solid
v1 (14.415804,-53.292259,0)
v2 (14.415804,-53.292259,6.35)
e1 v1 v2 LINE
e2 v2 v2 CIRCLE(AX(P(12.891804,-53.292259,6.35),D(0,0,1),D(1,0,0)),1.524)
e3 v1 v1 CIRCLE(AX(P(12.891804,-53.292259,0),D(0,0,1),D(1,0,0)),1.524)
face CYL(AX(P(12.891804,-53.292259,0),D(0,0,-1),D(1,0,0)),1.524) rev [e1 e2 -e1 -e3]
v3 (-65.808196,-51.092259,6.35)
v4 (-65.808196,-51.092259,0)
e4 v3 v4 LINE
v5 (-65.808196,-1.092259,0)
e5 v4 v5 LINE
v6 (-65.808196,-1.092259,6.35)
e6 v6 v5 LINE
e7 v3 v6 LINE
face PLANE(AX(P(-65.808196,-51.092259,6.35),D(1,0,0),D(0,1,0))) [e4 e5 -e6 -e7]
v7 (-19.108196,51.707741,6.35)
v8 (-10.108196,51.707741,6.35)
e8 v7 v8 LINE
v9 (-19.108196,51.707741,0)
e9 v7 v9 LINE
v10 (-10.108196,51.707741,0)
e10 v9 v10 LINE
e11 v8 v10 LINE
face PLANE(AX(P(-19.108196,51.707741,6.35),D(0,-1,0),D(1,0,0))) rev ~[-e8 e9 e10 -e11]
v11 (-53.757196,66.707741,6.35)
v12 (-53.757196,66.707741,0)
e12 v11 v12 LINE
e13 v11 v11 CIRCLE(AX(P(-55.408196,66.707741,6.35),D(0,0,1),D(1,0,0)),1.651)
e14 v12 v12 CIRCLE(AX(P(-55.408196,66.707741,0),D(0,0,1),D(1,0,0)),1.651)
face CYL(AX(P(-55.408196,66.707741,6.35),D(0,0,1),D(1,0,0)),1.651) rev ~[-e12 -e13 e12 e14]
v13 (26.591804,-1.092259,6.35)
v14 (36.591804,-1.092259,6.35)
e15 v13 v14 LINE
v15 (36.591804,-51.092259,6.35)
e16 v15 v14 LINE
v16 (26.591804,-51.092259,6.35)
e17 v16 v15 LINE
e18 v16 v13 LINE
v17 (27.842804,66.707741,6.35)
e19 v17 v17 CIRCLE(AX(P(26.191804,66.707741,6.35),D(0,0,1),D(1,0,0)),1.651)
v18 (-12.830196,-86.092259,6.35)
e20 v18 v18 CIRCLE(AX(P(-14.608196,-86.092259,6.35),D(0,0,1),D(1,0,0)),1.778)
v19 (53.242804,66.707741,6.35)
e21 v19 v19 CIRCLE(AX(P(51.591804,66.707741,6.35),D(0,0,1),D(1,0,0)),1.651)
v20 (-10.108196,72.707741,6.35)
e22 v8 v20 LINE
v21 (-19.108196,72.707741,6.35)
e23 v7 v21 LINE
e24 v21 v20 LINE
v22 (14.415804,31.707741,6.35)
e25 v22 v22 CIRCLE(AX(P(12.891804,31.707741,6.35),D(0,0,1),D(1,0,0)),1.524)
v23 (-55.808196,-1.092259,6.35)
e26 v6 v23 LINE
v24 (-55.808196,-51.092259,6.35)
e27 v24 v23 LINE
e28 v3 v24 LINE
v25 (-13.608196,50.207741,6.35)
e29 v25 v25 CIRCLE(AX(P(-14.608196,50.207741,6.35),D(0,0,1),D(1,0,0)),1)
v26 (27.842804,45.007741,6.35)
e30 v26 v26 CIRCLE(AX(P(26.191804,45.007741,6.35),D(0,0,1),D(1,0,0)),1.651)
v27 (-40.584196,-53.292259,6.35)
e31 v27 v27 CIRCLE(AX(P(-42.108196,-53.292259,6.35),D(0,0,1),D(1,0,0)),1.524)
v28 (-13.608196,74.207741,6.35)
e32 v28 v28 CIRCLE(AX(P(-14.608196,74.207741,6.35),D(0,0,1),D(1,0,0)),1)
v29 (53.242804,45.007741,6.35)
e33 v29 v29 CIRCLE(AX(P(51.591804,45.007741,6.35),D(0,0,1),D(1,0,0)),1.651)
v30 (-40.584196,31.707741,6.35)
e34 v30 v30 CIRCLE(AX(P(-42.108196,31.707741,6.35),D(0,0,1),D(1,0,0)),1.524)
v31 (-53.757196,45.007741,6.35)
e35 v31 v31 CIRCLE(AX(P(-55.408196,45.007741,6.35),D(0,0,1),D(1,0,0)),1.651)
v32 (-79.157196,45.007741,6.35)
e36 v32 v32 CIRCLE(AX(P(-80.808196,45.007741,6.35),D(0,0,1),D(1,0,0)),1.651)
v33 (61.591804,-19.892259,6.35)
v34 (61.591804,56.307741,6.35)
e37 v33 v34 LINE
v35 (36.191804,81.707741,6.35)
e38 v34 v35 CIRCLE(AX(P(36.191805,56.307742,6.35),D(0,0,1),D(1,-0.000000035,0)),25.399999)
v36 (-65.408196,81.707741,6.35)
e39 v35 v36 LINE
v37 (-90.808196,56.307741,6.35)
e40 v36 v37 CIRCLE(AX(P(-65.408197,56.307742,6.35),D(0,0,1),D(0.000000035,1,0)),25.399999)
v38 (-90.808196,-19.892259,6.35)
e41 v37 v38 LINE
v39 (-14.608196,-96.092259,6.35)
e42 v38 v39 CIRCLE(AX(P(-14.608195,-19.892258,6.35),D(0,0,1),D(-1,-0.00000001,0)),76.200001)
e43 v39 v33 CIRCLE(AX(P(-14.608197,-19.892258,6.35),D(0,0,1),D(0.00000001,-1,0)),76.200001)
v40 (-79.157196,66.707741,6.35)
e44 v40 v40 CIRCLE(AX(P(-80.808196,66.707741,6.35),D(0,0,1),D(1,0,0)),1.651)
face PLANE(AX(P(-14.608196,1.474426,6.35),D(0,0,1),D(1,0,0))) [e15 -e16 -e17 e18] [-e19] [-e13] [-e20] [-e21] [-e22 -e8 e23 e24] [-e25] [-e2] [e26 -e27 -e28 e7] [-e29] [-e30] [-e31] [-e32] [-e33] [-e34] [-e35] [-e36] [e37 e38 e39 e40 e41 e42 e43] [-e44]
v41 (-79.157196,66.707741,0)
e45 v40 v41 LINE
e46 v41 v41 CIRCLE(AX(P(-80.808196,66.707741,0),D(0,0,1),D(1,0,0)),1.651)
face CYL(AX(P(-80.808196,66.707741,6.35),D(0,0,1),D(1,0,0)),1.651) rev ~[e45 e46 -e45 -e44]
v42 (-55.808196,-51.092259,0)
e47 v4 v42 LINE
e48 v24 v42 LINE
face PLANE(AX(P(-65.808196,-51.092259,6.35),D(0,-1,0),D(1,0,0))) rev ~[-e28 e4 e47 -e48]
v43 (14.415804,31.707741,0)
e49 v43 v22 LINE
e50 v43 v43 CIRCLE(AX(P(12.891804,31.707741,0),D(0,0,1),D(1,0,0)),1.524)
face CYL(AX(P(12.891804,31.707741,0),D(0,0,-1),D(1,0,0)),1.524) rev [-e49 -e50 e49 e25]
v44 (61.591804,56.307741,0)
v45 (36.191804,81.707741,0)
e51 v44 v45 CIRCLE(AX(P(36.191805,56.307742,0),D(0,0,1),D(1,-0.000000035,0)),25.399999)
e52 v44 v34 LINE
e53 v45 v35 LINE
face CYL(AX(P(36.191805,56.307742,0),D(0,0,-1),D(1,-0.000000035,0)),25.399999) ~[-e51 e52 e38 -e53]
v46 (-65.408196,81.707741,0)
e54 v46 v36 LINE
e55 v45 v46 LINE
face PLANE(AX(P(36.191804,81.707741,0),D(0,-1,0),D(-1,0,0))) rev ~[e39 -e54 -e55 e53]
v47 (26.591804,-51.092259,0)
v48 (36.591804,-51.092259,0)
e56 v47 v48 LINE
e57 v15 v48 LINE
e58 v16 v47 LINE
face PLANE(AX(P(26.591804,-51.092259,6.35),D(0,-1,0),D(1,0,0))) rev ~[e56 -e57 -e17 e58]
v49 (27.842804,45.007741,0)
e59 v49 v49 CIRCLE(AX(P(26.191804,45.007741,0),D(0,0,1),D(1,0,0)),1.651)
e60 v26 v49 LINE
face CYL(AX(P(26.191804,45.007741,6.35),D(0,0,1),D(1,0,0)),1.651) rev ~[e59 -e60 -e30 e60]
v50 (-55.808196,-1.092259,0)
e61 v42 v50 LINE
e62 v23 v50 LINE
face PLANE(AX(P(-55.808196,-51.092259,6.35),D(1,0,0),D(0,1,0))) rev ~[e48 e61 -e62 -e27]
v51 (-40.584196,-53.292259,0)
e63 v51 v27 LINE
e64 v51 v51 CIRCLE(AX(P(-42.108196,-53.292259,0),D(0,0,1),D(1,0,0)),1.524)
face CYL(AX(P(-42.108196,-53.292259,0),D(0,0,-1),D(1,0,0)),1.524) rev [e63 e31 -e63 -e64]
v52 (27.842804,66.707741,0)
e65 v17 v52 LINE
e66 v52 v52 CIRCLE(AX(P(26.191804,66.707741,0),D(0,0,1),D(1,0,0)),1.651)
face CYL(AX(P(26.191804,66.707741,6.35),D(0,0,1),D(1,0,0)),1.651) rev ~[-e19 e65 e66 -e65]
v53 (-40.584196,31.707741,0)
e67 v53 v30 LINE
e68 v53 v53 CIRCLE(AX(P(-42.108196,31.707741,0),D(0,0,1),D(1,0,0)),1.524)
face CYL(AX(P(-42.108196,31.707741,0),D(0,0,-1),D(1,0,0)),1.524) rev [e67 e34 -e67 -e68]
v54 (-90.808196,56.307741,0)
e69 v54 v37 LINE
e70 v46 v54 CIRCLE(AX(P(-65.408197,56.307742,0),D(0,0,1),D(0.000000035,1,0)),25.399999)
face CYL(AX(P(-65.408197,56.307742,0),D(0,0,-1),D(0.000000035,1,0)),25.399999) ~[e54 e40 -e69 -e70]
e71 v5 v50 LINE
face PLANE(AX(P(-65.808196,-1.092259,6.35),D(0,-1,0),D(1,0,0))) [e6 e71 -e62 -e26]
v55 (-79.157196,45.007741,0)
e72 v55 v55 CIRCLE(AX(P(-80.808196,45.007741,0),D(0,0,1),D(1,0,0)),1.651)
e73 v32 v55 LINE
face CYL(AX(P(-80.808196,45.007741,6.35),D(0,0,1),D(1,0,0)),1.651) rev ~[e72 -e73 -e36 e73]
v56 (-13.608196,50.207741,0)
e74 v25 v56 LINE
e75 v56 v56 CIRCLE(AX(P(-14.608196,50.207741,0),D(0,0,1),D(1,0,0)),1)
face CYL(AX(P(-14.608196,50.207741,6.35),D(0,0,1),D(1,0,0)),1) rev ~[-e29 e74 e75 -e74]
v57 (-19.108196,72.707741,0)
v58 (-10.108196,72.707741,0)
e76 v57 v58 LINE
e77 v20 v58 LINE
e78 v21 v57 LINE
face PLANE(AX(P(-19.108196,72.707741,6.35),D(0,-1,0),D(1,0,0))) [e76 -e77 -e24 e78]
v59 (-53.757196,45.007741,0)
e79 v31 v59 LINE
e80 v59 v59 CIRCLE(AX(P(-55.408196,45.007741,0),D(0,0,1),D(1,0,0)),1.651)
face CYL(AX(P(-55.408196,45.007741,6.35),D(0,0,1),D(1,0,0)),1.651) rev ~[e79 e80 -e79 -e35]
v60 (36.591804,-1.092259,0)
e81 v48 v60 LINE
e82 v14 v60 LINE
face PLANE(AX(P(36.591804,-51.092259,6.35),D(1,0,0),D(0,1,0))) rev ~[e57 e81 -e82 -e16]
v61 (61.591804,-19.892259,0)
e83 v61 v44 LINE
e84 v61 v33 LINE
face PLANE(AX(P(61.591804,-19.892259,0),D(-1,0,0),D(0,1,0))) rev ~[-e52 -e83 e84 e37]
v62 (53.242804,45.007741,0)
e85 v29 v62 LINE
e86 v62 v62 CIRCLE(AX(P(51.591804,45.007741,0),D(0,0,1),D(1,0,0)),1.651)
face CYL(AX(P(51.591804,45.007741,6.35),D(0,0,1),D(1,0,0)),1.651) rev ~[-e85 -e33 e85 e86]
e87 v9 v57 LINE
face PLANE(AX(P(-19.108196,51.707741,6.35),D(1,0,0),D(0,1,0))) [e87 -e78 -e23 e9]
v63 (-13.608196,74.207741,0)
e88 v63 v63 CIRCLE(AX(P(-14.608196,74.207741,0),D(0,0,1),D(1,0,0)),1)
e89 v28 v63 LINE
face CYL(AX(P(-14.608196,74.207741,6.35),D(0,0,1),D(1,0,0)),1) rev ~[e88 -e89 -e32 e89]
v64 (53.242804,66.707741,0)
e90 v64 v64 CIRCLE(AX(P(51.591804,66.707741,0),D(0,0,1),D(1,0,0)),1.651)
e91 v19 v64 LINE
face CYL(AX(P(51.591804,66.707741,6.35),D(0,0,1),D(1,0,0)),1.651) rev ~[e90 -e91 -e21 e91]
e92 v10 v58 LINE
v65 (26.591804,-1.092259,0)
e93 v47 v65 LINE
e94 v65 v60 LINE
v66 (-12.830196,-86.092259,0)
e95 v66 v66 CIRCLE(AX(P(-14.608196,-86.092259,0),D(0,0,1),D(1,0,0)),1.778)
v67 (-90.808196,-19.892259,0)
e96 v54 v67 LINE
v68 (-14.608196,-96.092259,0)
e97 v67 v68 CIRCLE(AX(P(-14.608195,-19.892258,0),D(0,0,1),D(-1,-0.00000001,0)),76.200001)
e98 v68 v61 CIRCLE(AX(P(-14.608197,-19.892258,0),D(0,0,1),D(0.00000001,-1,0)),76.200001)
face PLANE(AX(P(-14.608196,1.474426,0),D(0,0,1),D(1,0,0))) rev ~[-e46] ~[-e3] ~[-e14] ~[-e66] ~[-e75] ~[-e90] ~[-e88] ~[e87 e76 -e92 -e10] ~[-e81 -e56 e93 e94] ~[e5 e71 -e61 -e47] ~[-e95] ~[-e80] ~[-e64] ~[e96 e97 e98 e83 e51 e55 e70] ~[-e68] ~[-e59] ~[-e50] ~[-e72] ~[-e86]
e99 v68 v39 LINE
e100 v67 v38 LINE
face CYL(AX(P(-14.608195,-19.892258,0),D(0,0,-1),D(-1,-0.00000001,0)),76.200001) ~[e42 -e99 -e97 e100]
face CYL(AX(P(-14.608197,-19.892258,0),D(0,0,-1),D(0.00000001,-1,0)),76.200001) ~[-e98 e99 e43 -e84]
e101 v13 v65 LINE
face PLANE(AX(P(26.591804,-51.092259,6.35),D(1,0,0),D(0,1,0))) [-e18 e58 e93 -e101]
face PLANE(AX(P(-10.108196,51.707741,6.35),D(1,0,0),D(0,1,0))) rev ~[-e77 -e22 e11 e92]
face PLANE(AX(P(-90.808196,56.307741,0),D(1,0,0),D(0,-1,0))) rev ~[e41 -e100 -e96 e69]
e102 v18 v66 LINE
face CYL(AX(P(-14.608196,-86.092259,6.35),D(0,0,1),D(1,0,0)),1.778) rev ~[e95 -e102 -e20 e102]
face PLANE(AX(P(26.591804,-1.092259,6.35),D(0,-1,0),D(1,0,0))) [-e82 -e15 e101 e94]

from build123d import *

# Parameters (mm, degrees)
F0_R     = 1.524
F1_DEPTH = 6.35
F2_R     = 1.651
F3_DEPTH = 6.351
F4_R     = 1.778
F5_DEPTH = 6.351
F6_W     = 10
F6_H     = 50
F6_W_2   = 9
F6_H_2   = 21
F6_R     = 1
F7_DEPTH = 6.351


with BuildPart() as f1:
    # F0 (on Top) → F1 (new body)
    with BuildSketch(Plane.XY):
        with BuildLine():
            Line((36.191804, 81.707741), (-65.408196, 81.707741))
            ThreePointArc((-65.408196, 81.707741), (-83.368708, 74.268254), (-90.808196, 56.307741))
            Line((-90.808196, 56.307741), (-90.808196, -19.892259))
            ThreePointArc((-90.808196, -19.892259), (-68.489733, -73.773795), (-14.608196, -96.092259))
            ThreePointArc((-14.608196, -96.092259), (39.273341, -73.773795), (61.591804, -19.892259))
            Line((61.591804, -19.892259), (61.591804, 56.307741))
            ThreePointArc((61.591804, 56.307741), (54.152316, 74.268254), (36.191804, 81.707741))
        make_face()
        with Locations((-42.108196, -53.292259)):
            Circle(F0_R, mode=Mode.SUBTRACT)
        with Locations((12.891804, -53.292259)):
            Circle(F0_R, mode=Mode.SUBTRACT)
        with Locations((-42.108196, 31.707741)):
            Circle(F0_R, mode=Mode.SUBTRACT)
        with Locations((12.891804, 31.707741)):
            Circle(F0_R, mode=Mode.SUBTRACT)
    extrude(amount=F1_DEPTH)

    # F2 (on face) → F3 (cut, through all)
    with BuildSketch(Plane.XY.offset(6.35)):
        with Locations((-80.808196, 66.707741)):
            Circle(F2_R)
        with Locations((-80.808196, 45.007741)):
            Circle(F2_R)
        with Locations((-55.408196, 66.707741)):
            Circle(F2_R)
        with Locations((-55.408196, 45.007741)):
            Circle(F2_R)
        with Locations((26.191804, 66.707741)):
            Circle(F2_R)
        with Locations((51.591804, 66.707741)):
            Circle(F2_R)
        with Locations((26.191804, 45.007741)):
            Circle(F2_R)
        with Locations((51.591804, 45.007741)):
            Circle(F2_R)
    extrude(amount=-F3_DEPTH, mode=Mode.SUBTRACT)

    # F4 (on face) → F5 (cut, through all)
    with BuildSketch(Plane.XY.offset(6.35)):
        with Locations((-14.608196, -86.092259)):
            Circle(F4_R)
    extrude(amount=-F5_DEPTH, mode=Mode.SUBTRACT)

    # F6 (on face) → F7 (cut, through all)
    with BuildSketch(Plane.XY.offset(6.35)):
        with Locations((-60.808196, -26.092259)):
            Rectangle(F6_W, F6_H)
        with Locations((31.591804, -26.092259)):
            Rectangle(F6_W, F6_H)
        with Locations((-14.608196, 62.207741)):
            Rectangle(F6_W_2, F6_H_2)
        with Locations((-14.608196, 74.207741)):
            Circle(F6_R)
        with Locations((-14.608196, 50.207741)):
            Circle(F6_R)
    extrude(amount=-F7_DEPTH, mode=Mode.SUBTRACT)


solid = f1.part
